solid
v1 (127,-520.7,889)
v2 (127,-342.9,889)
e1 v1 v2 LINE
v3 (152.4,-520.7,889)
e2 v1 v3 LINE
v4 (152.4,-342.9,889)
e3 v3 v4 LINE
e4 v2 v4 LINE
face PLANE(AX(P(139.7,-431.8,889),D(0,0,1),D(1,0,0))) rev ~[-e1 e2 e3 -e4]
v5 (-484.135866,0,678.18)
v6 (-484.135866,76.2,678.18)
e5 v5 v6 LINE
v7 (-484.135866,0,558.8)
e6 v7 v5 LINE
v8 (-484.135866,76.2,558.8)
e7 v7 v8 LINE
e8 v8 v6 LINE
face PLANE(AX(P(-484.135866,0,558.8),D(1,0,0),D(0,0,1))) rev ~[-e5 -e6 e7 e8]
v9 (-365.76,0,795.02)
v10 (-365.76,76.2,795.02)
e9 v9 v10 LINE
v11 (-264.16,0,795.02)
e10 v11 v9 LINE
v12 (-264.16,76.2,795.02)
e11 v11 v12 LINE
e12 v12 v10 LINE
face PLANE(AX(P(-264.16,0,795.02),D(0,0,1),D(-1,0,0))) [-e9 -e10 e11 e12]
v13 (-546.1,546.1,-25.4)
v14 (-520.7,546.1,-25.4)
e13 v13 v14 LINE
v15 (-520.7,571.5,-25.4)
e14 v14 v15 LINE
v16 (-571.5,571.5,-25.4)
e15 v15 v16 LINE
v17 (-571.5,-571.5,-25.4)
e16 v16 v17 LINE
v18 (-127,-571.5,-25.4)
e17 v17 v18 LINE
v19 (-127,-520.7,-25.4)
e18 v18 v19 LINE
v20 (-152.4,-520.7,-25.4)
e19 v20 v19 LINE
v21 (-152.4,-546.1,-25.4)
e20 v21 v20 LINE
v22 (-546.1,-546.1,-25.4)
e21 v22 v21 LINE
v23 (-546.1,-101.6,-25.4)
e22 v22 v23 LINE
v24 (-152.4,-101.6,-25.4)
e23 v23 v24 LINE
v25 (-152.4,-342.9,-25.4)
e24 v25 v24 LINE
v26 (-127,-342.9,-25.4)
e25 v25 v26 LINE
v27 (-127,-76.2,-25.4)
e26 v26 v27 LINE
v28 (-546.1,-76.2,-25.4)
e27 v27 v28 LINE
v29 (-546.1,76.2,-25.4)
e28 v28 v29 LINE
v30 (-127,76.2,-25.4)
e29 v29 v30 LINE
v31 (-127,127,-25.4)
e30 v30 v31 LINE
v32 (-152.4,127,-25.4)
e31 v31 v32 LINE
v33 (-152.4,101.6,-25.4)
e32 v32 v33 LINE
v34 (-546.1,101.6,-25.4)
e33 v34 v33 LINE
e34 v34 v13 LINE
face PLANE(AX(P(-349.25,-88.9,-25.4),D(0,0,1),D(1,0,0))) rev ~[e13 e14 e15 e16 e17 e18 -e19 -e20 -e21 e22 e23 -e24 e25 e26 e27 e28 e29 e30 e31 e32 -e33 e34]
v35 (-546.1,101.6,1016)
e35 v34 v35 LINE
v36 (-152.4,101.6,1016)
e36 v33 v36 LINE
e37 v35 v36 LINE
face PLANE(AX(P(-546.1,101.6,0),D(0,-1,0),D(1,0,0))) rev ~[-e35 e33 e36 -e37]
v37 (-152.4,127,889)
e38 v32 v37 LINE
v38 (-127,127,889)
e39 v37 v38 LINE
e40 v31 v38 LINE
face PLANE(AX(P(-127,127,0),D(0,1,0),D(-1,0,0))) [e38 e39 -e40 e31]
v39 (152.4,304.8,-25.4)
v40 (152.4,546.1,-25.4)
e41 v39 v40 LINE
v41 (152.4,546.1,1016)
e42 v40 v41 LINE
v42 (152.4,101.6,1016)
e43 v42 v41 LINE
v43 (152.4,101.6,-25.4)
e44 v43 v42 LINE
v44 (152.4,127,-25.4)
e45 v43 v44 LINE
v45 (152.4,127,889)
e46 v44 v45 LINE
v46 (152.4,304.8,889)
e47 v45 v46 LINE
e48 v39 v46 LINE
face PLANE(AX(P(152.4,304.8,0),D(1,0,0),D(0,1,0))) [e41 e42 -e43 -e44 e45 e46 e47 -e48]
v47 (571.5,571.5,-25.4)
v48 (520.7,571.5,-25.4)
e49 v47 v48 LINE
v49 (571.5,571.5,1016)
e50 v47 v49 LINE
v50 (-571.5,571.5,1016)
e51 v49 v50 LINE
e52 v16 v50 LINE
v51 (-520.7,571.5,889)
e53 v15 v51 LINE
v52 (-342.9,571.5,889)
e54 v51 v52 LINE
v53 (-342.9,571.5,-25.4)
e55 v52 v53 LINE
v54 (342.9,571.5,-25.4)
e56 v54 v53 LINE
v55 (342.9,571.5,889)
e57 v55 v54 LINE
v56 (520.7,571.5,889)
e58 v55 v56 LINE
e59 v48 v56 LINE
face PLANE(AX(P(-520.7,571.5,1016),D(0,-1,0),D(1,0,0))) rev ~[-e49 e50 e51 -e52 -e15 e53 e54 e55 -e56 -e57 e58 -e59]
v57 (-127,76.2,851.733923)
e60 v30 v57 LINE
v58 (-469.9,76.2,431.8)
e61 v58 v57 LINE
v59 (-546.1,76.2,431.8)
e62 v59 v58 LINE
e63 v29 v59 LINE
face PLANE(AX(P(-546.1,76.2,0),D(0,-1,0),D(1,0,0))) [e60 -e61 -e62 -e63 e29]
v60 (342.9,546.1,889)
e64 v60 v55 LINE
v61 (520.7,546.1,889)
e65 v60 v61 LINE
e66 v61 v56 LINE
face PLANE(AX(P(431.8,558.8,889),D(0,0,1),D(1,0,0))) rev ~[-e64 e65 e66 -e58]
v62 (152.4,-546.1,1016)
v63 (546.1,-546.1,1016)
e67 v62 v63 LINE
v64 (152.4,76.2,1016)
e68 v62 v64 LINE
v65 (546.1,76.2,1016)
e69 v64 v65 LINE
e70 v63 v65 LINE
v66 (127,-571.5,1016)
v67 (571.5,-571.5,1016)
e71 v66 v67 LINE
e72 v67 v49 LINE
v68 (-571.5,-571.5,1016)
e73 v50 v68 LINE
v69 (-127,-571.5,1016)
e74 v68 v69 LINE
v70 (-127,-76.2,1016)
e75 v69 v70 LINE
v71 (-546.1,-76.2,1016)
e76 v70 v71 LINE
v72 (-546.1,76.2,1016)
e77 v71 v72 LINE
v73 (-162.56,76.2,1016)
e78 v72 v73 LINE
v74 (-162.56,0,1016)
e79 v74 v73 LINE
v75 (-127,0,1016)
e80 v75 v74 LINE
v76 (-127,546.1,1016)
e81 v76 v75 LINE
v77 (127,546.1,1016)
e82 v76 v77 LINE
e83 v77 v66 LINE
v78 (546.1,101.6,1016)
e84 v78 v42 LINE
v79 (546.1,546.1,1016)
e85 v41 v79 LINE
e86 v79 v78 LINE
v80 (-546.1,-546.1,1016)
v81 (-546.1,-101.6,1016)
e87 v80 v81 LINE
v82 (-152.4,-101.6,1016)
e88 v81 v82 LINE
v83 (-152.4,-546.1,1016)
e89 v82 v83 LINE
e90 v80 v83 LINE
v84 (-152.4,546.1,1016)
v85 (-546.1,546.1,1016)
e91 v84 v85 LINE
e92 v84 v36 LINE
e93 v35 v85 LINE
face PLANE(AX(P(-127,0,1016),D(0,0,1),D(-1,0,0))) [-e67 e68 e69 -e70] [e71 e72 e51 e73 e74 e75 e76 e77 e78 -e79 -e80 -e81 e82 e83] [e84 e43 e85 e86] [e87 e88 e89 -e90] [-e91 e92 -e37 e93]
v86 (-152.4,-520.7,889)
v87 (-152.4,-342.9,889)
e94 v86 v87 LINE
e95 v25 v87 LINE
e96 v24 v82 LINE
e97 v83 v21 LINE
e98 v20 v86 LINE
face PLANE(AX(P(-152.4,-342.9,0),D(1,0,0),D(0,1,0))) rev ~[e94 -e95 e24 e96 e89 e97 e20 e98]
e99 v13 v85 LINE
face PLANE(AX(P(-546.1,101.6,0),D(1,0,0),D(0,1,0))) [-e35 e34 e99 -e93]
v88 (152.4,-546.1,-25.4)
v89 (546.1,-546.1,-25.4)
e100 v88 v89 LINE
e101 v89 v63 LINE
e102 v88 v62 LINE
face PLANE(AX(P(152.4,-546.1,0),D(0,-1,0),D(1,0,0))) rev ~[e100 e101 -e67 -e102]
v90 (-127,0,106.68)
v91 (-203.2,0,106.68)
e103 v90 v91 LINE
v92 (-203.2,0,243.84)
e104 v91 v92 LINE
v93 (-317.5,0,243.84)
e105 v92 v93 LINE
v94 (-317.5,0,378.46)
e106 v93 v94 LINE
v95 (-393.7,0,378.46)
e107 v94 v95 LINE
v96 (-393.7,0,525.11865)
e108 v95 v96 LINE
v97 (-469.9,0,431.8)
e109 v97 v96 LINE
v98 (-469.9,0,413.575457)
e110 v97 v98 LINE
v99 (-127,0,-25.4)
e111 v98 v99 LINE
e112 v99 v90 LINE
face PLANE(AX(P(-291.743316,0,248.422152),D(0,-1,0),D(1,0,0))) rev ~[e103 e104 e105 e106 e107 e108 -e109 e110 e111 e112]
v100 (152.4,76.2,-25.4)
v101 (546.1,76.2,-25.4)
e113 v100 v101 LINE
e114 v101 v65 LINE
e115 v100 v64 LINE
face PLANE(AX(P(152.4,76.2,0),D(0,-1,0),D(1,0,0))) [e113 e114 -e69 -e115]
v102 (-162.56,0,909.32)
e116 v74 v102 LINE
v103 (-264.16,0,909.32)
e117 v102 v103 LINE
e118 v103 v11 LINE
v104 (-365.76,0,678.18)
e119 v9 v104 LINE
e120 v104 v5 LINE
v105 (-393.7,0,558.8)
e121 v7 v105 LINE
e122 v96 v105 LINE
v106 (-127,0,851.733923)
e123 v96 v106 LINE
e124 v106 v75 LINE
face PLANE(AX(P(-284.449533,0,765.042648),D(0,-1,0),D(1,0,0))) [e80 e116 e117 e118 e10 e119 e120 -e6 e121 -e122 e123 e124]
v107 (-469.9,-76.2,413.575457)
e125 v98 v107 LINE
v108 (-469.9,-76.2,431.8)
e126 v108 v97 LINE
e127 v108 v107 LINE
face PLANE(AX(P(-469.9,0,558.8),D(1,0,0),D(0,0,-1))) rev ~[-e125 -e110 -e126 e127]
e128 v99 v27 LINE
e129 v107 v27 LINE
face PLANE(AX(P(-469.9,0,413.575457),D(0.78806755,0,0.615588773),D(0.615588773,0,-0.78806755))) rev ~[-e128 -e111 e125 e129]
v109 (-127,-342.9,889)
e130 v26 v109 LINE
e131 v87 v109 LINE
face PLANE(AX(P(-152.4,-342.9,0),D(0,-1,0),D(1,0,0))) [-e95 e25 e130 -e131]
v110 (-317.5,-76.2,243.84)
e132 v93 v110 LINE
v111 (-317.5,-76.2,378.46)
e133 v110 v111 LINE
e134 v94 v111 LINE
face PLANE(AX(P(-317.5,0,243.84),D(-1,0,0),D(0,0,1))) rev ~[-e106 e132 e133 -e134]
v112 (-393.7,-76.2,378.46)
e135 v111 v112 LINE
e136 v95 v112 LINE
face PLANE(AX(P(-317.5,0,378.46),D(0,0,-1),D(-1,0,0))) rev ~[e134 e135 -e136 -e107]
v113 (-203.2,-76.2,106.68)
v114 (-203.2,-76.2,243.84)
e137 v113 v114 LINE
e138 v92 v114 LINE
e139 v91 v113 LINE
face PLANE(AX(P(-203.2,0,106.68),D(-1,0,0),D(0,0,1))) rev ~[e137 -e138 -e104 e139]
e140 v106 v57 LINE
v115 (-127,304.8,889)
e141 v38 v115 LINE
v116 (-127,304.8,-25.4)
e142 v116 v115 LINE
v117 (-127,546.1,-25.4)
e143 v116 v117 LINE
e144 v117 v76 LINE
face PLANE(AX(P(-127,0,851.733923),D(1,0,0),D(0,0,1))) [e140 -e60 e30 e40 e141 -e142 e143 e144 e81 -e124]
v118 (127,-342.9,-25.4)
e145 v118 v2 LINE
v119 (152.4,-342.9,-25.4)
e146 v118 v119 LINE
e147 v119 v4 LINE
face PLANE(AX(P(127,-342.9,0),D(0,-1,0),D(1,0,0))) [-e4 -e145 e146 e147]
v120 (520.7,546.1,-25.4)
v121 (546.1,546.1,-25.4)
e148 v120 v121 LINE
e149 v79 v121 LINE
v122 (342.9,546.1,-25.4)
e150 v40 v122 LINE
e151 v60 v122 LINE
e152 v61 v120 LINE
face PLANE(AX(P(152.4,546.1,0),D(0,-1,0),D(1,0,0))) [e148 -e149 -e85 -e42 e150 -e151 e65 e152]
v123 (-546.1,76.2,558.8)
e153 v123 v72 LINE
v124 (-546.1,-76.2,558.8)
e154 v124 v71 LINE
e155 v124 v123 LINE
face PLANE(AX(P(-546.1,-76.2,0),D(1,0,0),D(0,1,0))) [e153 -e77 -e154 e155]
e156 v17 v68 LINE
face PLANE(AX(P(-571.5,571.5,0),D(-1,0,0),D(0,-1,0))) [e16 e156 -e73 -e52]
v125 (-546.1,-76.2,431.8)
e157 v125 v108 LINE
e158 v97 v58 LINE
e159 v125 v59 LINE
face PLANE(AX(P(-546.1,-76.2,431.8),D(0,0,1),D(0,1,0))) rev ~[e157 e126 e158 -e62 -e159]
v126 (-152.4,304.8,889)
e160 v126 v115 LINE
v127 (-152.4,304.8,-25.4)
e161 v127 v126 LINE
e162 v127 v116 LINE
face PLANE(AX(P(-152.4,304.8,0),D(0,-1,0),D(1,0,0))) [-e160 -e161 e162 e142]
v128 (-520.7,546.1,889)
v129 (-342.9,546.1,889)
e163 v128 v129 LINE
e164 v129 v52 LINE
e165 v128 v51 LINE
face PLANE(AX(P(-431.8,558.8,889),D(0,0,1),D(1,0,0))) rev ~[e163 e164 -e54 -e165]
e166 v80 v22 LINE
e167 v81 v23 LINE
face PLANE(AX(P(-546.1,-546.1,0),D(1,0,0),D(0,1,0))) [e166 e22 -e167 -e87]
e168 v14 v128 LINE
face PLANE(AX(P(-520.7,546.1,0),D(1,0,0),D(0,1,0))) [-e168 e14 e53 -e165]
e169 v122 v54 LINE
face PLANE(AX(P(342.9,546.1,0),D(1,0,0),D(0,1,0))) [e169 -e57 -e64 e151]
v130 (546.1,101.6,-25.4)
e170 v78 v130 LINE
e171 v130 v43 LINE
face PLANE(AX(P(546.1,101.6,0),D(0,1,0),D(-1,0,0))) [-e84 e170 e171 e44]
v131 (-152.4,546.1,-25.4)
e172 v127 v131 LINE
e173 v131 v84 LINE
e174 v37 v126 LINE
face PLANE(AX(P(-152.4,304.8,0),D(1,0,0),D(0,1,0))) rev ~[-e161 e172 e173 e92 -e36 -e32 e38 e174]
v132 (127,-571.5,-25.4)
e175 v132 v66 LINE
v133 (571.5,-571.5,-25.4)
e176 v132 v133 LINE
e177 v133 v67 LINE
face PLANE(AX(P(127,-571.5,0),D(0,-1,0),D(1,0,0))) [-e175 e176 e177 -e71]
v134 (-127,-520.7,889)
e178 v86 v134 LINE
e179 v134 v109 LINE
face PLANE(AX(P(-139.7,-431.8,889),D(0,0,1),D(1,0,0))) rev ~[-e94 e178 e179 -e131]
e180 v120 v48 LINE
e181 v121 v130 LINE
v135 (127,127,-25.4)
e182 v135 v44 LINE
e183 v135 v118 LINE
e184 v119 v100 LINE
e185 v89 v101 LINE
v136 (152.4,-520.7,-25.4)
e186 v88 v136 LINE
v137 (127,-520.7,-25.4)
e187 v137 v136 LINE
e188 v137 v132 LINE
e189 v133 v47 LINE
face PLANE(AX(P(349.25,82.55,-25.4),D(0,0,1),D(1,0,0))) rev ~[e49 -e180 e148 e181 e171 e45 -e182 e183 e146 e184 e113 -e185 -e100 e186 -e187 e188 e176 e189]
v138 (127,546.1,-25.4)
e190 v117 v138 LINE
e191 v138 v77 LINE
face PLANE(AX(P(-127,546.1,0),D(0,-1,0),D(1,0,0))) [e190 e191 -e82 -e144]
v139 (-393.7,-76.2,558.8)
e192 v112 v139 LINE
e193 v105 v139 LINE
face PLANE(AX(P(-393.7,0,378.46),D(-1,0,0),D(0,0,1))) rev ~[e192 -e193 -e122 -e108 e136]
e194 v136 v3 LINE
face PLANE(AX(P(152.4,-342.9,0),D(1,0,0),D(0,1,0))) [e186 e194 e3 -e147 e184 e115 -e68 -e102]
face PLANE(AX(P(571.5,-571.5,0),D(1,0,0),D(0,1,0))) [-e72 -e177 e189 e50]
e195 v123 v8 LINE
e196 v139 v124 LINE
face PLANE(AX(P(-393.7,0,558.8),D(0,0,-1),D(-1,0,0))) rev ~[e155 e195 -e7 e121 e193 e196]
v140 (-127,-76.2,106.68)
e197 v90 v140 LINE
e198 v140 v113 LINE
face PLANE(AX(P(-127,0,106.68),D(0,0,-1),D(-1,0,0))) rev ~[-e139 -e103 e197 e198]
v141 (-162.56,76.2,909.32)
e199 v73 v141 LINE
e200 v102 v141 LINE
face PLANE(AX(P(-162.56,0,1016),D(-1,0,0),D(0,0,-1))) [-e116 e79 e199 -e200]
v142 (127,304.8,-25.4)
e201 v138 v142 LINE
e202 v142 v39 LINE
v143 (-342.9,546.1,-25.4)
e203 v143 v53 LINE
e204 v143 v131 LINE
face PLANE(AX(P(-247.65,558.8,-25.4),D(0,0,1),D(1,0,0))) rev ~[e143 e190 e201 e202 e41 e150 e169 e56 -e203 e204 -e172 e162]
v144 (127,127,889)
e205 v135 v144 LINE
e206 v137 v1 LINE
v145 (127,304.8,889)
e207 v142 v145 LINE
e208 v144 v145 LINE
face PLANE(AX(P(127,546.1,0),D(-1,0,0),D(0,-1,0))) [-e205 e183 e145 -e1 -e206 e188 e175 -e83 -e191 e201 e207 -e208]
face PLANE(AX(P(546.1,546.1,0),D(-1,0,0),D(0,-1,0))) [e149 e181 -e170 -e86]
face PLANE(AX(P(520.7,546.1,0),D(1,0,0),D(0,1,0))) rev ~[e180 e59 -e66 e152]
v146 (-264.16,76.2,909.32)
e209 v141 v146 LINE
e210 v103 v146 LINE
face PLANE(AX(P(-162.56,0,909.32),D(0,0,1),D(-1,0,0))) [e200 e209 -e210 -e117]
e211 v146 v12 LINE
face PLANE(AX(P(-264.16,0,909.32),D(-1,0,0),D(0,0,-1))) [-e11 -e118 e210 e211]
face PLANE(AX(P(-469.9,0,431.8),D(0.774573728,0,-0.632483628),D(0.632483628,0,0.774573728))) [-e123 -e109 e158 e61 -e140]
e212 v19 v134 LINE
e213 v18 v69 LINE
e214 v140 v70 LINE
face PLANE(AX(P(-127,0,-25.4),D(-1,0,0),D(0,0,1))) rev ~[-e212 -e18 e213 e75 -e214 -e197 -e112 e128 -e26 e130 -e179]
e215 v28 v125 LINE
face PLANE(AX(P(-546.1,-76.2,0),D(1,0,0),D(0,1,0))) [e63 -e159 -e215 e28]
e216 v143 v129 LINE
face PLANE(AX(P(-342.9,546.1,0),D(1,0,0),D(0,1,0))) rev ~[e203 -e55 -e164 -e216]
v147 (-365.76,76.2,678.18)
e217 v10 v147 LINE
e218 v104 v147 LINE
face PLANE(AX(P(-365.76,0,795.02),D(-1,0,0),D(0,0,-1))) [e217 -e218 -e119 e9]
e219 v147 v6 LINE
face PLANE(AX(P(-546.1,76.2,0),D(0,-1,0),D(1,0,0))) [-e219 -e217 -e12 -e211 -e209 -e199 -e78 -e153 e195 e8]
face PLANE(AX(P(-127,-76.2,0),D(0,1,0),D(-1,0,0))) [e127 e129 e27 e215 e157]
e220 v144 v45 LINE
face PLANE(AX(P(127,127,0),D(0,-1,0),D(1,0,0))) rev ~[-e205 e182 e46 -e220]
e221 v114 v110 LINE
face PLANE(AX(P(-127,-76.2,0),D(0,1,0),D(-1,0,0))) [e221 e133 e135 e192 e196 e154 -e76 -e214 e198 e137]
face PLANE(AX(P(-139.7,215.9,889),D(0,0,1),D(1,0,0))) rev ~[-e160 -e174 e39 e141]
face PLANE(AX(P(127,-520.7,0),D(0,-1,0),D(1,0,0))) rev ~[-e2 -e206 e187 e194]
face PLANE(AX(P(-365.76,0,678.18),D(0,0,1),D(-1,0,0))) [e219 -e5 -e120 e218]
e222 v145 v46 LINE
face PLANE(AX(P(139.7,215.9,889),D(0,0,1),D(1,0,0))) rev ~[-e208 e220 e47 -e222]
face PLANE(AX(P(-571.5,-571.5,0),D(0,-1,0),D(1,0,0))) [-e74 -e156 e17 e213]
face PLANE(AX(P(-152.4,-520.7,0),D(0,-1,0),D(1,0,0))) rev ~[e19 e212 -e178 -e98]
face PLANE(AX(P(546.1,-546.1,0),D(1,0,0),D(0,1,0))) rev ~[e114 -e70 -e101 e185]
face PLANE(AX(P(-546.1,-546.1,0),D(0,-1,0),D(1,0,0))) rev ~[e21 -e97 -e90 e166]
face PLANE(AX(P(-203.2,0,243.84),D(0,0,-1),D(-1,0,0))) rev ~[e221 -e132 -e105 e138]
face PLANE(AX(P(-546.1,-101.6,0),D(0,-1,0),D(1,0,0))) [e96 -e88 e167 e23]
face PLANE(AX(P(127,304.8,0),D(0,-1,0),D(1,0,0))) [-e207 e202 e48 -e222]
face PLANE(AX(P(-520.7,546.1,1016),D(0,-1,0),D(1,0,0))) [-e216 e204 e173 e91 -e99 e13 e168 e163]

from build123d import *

# Parameters (mm, degrees)
F0_W          = 393.7
F0_H          = 25.4
F0_W_2        = 25.4
F0_H_2        = 241.3
F0_H_3        = 444.5
F0_H_4        = 152.4
F0_H_5        = 12.7
F1_DEPTH      = 1016
F1_DEPTH_BACK = 25.4
F0_W_3        = 190.5
F0_W_4        = 254
F0_H_6        = 419.1
F0_H_7        = 622.3
F2_W          = 177.8
F2_H          = 25.4
F2_W_2        = 25.4
F2_H_2        = 177.8
F3_DEPTH      = 127
F5_W          = 152.4
F5_H          = 127
F6_DEPTH      = 76.2
F10_W         = 14.2358661652
F10_H         = 119.38
F11_DEPTH     = 76.2
F12_DEPTH     = 76.2


with BuildPart() as f1:
    # F0 (on Top) → F1 (new body, two sides)
    with BuildSketch(Plane.XY) as f1_sk:
        with Locations((-349.25, -88.9)):
            Rectangle(F0_W, F0_H)
        with Locations((-139.7, -88.9)):
            Rectangle(F0_W_2, F0_H)
        with Locations((-139.7, -222.25)):
            Rectangle(F0_W_2, F0_H_2)
        with Locations((-558.8, -323.85)):
            Rectangle(F0_W_2, F0_H_3)
        with Locations((-558.8, -88.9)):
            Rectangle(F0_W_2, F0_H)
        with Locations((-558.8, 0)):
            Rectangle(F0_W_2, F0_H_4)
        with Locations((-558.8, 82.55)):
            Rectangle(F0_W_2, F0_H_5)
        with Locations((-558.8, 95.25)):
            Rectangle(F0_W_2, F0_H_5)
        with Locations((-558.8, 323.85)):
            Rectangle(F0_W_2, F0_H_3)
        with Locations((-558.8, 558.8)):
            Rectangle(F0_W_2, F0_H)
        with Locations((-533.4, 558.8)):
            Rectangle(F0_W_2, F0_H)
        Polygon((-152.4, 101.6), (-127, 101.6), (-127, 103.0518114567), (-127, 127), (-152.4, 127), align=None)
        Polygon((-152.4, 88.9), (-152.4, 76.2), (-127, 76.2), (-127, 101.6), (-152.4, 101.6), align=None)
        with Locations((-349.25, 95.25)):
            Rectangle(F0_W, F0_H_5)
        with Locations((-349.25, 82.55)):
            Rectangle(F0_W, F0_H_5)
        with Locations((-139.7, -533.4)):
            Rectangle(F0_W_2, F0_H)
        with Locations((-349.25, -558.8)):
            Rectangle(F0_W, F0_H)
        with Locations((-558.8, -558.8)):
            Rectangle(F0_W_2, F0_H)
        with Locations((-139.7, -558.8)):
            Rectangle(F0_W_2, F0_H)
    extrude(amount=F1_DEPTH)
    extrude(f1_sk.sketch, amount=-F1_DEPTH_BACK)



with BuildPart() as f1b:
    # F0 (on Top) → F1, piece 2 (new body, two sides)
    with BuildSketch(Plane.XY) as f1_2_sk:
        with Locations((-247.65, 558.8)):
            Rectangle(F0_W_3, F0_H)
        with Locations((-139.7, 558.8)):
            Rectangle(F0_W_2, F0_H)
        with Locations((-139.7, 425.45)):
            Rectangle(F0_W_2, F0_H_2)
        with Locations((247.65, 558.8)):
            Rectangle(F0_W_3, F0_H)
        with Locations((139.7, 558.8)):
            Rectangle(F0_W_2, F0_H)
        with Locations((139.7, 425.45)):
            Rectangle(F0_W_2, F0_H_2)
        with Locations((0, 558.8)):
            Rectangle(F0_W_4, F0_H)
    extrude(amount=F1_DEPTH)
    extrude(f1_2_sk.sketch, amount=-F1_DEPTH_BACK)


with BuildPart() as f1c:
    # F0 (on Top) → F1, piece 3 (new body, two sides)
    with BuildSketch(Plane.XY) as f1_3_sk:
        with Locations((349.25, 82.55)):
            Rectangle(F0_W, F0_H_5)
        Polygon((152.4, 88.9), (546.1, 88.9), (546.1, 101.6), (152.4, 101.6), (152.4, 101.5882790089), align=None)
        Polygon((127, 101.6), (127, 88.9), (152.4, 88.9), (152.4, 101.5882790089), (152.4, 101.6), align=None)
        with Locations((139.7, 114.3)):
            Rectangle(F0_W_2, F0_H)
        with Locations((139.7, 82.55)):
            Rectangle(F0_W_2, F0_H_5)
        with Locations((139.7, -133.35)):
            Rectangle(F0_W_2, F0_H_6)
        with Locations((139.7, -533.4)):
            Rectangle(F0_W_2, F0_H)
        with Locations((139.7, -558.8)):
            Rectangle(F0_W_2, F0_H)
        with Locations((349.25, -558.8)):
            Rectangle(F0_W, F0_H)
        with Locations((558.8, -234.95)):
            Rectangle(F0_W_2, F0_H_7)
        with Locations((558.8, -558.8)):
            Rectangle(F0_W_2, F0_H)
        with Locations((558.8, 95.25)):
            Rectangle(F0_W_2, F0_H_5)
        with Locations((558.8, 82.55)):
            Rectangle(F0_W_2, F0_H_5)
        with Locations((558.8, 323.85)):
            Rectangle(F0_W_2, F0_H_3)
        with Locations((558.8, 558.8)):
            Rectangle(F0_W_2, F0_H)
        with Locations((533.4, 558.8)):
            Rectangle(F0_W_2, F0_H)
    extrude(amount=F1_DEPTH)
    extrude(f1_3_sk.sketch, amount=-F1_DEPTH_BACK)


with BuildPart() as f1_1:
    add(f1.part)

    add(f1b.part)  # F3 merges F1b

    add(f1c.part)  # F3 merges F1c
    # F2 (on face) → F3 (join)
    with BuildSketch(Plane.XY.offset(1016)):
        with Locations((-431.8, 558.8)):
            Rectangle(F2_W, F2_H)
        with Locations((-139.7, -431.8)):
            Rectangle(F2_W_2, F2_H_2)
        with Locations((139.7, -431.8)):
            Rectangle(F2_W_2, F2_H_2)
        with Locations((431.8, 558.8)):
            Rectangle(F2_W, F2_H)
        with Locations((139.7, 215.9)):
            Rectangle(F2_W_2, F2_H_2)
        with Locations((-139.7, 215.9)):
            Rectangle(F2_W_2, F2_H_2)
    extrude(amount=-F3_DEPTH)

    # F4: union 

    # F5 (on face) → F6 (join)
    with BuildSketch(Plane.YZ.offset(-546.1)):
        with Locations((0, 495.3)):
            Rectangle(F5_W, F5_H)
    extrude(amount=F6_DEPTH)

    # F10 (on offset) → F11 (join, through all)
    with BuildSketch(Plane.XZ):
        Polygon((-469.9, 678.18), (-469.9, 558.8), (-393.7, 558.8), (-393.7, 525.1186495463), (-127, 851.7339229584), (-127, 1016), (-162.56, 1016), (-162.56, 909.32), (-264.16, 909.32), (-264.16, 795.02), (-365.76, 795.02), (-365.76, 678.18), align=None)
        with Locations((-477.0179330826, 618.49)):
            Rectangle(F10_W, F10_H)
        Polygon((-393.7, 558.8), (-469.9, 558.8), (-469.9, 431.8), (-393.7, 525.1186495463), align=None)
    extrude(amount=-F11_DEPTH)

    # F10 (on offset) → F12 (join, through all)
    with BuildSketch(Plane.XZ):
        Polygon((-393.7, 525.1186495463), (-469.9, 431.8), (-469.9, 413.5754568294), (-127, -25.4), (-127, 5.08), (-127, 106.68), (-203.2, 106.68), (-203.2, 243.84), (-317.5, 243.84), (-317.5, 378.46), (-393.7, 378.46), (-393.7, 431.8), align=None)
        Polygon((-393.7, 558.8), (-469.9, 558.8), (-469.9, 431.8), (-393.7, 525.1186495463), align=None)
    extrude(amount=F12_DEPTH)


solid = f1_1.part
